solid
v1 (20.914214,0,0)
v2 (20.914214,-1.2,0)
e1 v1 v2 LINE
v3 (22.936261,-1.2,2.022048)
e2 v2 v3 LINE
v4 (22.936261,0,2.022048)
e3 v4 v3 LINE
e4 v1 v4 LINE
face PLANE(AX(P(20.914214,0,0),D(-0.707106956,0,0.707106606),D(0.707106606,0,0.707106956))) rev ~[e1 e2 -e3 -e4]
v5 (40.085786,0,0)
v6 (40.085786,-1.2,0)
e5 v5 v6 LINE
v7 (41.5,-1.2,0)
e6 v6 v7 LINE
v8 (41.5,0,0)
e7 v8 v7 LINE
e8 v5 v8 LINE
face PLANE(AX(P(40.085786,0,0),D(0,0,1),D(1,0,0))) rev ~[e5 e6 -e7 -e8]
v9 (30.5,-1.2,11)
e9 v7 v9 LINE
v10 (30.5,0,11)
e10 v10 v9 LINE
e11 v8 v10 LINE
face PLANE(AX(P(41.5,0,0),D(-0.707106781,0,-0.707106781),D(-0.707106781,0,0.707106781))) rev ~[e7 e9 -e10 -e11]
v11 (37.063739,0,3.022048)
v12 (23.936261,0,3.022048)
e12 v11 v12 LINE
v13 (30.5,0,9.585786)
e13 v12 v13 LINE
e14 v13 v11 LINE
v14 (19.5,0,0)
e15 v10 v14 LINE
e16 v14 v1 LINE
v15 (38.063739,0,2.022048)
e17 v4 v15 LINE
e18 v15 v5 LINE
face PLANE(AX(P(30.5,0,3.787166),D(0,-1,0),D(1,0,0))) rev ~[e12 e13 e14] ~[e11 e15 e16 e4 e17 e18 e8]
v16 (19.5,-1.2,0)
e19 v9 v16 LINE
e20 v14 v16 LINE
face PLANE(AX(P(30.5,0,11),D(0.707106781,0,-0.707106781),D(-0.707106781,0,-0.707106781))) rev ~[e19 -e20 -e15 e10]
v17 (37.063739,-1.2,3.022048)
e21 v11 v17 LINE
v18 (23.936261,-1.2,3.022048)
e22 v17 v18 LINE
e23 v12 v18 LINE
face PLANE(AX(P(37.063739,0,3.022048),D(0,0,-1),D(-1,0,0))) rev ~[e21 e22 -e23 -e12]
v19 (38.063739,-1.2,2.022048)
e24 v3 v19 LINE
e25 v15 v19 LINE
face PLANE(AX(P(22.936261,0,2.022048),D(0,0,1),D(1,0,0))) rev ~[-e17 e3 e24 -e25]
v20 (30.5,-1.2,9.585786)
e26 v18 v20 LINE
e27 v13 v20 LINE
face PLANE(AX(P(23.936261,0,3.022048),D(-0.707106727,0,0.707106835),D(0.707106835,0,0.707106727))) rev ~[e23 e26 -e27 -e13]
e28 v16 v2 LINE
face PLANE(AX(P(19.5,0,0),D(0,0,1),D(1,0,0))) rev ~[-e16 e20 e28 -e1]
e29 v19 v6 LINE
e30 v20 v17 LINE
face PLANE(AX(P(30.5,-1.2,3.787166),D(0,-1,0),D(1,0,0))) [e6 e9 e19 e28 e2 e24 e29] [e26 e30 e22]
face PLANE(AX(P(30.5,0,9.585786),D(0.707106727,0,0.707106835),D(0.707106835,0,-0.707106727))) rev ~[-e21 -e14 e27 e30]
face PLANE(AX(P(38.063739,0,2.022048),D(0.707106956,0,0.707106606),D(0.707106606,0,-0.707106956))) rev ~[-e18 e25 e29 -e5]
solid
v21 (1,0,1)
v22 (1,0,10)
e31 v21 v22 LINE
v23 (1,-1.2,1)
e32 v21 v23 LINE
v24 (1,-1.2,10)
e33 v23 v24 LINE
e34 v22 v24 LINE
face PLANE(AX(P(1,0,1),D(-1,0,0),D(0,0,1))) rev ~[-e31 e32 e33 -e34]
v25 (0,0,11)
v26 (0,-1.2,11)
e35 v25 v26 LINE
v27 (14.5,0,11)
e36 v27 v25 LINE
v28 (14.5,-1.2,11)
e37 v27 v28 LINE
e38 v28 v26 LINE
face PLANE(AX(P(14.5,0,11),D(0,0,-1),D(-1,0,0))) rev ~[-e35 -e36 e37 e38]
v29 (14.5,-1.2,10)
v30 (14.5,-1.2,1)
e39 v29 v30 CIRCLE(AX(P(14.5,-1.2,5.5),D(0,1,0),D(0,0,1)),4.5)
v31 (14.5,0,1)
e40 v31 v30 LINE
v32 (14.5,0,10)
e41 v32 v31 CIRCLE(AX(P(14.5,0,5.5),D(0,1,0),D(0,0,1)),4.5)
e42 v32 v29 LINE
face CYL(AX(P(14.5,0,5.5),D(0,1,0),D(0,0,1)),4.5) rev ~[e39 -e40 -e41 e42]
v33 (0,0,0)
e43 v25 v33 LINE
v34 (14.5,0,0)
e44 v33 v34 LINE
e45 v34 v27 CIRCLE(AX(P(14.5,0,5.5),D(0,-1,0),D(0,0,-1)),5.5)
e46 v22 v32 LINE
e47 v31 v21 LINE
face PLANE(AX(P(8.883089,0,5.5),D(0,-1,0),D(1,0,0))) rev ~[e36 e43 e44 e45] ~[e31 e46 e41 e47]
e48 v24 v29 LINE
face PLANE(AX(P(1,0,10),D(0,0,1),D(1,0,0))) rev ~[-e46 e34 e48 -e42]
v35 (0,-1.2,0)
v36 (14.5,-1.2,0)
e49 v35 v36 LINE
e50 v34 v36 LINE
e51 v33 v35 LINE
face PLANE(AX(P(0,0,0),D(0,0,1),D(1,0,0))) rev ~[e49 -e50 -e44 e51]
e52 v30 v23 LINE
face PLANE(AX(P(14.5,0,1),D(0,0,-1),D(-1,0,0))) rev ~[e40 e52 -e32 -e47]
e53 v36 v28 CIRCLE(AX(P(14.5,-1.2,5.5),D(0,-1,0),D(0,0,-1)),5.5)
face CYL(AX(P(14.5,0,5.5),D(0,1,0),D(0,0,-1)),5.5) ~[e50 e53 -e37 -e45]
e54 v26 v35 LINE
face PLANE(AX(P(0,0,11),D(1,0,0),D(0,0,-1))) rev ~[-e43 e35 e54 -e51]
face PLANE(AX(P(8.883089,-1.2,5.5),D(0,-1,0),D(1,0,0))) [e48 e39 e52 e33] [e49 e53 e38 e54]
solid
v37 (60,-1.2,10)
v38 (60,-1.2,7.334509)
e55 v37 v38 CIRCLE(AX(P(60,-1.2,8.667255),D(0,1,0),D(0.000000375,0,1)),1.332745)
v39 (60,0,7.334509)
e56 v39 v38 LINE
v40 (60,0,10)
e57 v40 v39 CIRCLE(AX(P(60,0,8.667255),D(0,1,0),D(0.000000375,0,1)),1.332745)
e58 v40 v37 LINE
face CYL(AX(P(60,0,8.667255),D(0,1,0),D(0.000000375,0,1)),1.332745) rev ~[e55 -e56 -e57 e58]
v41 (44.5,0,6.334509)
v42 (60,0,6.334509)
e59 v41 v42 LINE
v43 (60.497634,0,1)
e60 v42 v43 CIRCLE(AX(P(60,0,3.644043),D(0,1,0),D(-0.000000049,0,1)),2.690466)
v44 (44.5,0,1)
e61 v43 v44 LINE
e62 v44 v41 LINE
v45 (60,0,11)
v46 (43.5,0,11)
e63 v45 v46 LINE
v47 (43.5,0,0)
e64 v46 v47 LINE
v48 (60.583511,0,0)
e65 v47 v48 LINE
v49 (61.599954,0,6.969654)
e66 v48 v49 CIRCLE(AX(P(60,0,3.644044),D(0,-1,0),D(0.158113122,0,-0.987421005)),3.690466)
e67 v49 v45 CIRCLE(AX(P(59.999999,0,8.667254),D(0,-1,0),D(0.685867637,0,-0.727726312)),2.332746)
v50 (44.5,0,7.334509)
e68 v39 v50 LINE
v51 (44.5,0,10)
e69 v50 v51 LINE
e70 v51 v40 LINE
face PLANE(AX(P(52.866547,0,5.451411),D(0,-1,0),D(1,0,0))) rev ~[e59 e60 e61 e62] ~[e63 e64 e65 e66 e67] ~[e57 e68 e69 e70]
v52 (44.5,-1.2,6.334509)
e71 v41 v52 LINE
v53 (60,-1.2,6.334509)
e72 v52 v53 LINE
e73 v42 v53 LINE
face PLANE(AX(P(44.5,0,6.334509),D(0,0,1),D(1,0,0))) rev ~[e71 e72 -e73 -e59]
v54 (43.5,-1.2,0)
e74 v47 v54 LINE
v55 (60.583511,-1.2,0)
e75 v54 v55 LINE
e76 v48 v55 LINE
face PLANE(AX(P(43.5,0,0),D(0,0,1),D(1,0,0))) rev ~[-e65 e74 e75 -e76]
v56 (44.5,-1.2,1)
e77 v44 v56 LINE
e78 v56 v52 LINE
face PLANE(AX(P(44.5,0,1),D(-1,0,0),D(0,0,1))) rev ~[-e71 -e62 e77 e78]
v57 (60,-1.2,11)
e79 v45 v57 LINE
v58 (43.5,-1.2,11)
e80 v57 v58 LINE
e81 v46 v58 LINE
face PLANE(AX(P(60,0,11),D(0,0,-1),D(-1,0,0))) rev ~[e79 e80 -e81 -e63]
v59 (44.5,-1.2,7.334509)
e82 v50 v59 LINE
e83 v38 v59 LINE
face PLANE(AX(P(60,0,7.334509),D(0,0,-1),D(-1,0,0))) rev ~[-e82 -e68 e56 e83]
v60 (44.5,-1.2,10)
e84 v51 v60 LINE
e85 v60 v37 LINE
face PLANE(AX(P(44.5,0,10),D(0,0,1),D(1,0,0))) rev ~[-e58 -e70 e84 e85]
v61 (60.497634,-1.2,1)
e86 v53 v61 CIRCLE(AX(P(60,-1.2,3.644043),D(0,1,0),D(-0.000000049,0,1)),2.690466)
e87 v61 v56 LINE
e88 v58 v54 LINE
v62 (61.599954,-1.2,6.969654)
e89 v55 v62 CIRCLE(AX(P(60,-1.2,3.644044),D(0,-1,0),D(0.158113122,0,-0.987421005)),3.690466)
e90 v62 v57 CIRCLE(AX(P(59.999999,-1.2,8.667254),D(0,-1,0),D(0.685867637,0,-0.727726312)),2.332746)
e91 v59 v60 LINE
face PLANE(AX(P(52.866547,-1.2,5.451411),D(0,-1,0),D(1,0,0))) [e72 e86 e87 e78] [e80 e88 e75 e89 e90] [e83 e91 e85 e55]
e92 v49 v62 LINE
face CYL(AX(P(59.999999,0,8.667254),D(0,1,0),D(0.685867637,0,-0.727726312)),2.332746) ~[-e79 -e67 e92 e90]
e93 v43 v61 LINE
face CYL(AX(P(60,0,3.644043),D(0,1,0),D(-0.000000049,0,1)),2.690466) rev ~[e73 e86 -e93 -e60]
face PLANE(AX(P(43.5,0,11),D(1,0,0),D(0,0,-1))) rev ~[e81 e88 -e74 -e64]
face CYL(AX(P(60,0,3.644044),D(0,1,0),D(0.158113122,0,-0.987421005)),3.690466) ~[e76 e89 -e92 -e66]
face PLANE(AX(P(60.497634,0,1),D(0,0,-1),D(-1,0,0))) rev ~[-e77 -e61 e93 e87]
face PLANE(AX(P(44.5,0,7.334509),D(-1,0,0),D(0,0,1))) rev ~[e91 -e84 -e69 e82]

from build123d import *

# Parameters (mm, degrees)
F1_DEPTH = 1.2


with BuildPart() as f1:
    # F0 (on Front) → F1 (new body)
    with BuildSketch(Plane.XZ):
        with BuildLine():
            Line((0, 11), (0, 0))
            Line((0, 0), (14.5, 0))
            ThreePointArc((14.5, 0), (20, 5.5), (14.5, 11))
            Line((14.5, 11), (0, 11))
        make_face()
        with BuildLine():
            Line((14.5, 1), (1, 1))
            Line((1, 1), (1, 10))
            Line((1, 10), (14.5, 10))
            ThreePointArc((14.5, 10), (19, 5.5), (14.5, 1))
        make_face(mode=Mode.SUBTRACT)
        Polygon((30.5, 11), (19.5, 0), (20.914214, 0), (22.936261, 2.022048), (38.063739, 2.022048), (40.085786, 0), (41.5, 0), align=None)
        Polygon((23.936261, 3.022048), (30.5, 9.585786), (37.063739, 3.022048), align=None, mode=Mode.SUBTRACT)
        with BuildLine():
            Line((43.5, 11), (43.5, 0))
            Line((43.5, 0), (60.583511, 0))
            ThreePointArc((60.583511, 0), (63.651835, 3.111466), (61.599954, 6.969654))
            ThreePointArc((61.599954, 6.969654), (62.168152, 9.527961), (60, 11))
            Line((60, 11), (43.5, 11))
        make_face()
        with BuildLine():
            Line((60.497634, 1), (44.5, 1))
            Line((44.5, 1), (44.5, 6.334509))
            Line((44.5, 6.334509), (60, 6.334509))
            ThreePointArc((60, 6.334509), (62.678835, 3.893941), (60.497634, 1))
        make_face(mode=Mode.SUBTRACT)
        with BuildLine():
            Line((44.5, 7.334509), (44.5, 10))
            Line((44.5, 10), (60, 10))
            ThreePointArc((60, 10), (61.332745, 8.667255), (60, 7.334509))
            Line((60, 7.334509), (44.5, 7.334509))
        make_face(mode=Mode.SUBTRACT)
    extrude(amount=F1_DEPTH)


solid = f1.part
